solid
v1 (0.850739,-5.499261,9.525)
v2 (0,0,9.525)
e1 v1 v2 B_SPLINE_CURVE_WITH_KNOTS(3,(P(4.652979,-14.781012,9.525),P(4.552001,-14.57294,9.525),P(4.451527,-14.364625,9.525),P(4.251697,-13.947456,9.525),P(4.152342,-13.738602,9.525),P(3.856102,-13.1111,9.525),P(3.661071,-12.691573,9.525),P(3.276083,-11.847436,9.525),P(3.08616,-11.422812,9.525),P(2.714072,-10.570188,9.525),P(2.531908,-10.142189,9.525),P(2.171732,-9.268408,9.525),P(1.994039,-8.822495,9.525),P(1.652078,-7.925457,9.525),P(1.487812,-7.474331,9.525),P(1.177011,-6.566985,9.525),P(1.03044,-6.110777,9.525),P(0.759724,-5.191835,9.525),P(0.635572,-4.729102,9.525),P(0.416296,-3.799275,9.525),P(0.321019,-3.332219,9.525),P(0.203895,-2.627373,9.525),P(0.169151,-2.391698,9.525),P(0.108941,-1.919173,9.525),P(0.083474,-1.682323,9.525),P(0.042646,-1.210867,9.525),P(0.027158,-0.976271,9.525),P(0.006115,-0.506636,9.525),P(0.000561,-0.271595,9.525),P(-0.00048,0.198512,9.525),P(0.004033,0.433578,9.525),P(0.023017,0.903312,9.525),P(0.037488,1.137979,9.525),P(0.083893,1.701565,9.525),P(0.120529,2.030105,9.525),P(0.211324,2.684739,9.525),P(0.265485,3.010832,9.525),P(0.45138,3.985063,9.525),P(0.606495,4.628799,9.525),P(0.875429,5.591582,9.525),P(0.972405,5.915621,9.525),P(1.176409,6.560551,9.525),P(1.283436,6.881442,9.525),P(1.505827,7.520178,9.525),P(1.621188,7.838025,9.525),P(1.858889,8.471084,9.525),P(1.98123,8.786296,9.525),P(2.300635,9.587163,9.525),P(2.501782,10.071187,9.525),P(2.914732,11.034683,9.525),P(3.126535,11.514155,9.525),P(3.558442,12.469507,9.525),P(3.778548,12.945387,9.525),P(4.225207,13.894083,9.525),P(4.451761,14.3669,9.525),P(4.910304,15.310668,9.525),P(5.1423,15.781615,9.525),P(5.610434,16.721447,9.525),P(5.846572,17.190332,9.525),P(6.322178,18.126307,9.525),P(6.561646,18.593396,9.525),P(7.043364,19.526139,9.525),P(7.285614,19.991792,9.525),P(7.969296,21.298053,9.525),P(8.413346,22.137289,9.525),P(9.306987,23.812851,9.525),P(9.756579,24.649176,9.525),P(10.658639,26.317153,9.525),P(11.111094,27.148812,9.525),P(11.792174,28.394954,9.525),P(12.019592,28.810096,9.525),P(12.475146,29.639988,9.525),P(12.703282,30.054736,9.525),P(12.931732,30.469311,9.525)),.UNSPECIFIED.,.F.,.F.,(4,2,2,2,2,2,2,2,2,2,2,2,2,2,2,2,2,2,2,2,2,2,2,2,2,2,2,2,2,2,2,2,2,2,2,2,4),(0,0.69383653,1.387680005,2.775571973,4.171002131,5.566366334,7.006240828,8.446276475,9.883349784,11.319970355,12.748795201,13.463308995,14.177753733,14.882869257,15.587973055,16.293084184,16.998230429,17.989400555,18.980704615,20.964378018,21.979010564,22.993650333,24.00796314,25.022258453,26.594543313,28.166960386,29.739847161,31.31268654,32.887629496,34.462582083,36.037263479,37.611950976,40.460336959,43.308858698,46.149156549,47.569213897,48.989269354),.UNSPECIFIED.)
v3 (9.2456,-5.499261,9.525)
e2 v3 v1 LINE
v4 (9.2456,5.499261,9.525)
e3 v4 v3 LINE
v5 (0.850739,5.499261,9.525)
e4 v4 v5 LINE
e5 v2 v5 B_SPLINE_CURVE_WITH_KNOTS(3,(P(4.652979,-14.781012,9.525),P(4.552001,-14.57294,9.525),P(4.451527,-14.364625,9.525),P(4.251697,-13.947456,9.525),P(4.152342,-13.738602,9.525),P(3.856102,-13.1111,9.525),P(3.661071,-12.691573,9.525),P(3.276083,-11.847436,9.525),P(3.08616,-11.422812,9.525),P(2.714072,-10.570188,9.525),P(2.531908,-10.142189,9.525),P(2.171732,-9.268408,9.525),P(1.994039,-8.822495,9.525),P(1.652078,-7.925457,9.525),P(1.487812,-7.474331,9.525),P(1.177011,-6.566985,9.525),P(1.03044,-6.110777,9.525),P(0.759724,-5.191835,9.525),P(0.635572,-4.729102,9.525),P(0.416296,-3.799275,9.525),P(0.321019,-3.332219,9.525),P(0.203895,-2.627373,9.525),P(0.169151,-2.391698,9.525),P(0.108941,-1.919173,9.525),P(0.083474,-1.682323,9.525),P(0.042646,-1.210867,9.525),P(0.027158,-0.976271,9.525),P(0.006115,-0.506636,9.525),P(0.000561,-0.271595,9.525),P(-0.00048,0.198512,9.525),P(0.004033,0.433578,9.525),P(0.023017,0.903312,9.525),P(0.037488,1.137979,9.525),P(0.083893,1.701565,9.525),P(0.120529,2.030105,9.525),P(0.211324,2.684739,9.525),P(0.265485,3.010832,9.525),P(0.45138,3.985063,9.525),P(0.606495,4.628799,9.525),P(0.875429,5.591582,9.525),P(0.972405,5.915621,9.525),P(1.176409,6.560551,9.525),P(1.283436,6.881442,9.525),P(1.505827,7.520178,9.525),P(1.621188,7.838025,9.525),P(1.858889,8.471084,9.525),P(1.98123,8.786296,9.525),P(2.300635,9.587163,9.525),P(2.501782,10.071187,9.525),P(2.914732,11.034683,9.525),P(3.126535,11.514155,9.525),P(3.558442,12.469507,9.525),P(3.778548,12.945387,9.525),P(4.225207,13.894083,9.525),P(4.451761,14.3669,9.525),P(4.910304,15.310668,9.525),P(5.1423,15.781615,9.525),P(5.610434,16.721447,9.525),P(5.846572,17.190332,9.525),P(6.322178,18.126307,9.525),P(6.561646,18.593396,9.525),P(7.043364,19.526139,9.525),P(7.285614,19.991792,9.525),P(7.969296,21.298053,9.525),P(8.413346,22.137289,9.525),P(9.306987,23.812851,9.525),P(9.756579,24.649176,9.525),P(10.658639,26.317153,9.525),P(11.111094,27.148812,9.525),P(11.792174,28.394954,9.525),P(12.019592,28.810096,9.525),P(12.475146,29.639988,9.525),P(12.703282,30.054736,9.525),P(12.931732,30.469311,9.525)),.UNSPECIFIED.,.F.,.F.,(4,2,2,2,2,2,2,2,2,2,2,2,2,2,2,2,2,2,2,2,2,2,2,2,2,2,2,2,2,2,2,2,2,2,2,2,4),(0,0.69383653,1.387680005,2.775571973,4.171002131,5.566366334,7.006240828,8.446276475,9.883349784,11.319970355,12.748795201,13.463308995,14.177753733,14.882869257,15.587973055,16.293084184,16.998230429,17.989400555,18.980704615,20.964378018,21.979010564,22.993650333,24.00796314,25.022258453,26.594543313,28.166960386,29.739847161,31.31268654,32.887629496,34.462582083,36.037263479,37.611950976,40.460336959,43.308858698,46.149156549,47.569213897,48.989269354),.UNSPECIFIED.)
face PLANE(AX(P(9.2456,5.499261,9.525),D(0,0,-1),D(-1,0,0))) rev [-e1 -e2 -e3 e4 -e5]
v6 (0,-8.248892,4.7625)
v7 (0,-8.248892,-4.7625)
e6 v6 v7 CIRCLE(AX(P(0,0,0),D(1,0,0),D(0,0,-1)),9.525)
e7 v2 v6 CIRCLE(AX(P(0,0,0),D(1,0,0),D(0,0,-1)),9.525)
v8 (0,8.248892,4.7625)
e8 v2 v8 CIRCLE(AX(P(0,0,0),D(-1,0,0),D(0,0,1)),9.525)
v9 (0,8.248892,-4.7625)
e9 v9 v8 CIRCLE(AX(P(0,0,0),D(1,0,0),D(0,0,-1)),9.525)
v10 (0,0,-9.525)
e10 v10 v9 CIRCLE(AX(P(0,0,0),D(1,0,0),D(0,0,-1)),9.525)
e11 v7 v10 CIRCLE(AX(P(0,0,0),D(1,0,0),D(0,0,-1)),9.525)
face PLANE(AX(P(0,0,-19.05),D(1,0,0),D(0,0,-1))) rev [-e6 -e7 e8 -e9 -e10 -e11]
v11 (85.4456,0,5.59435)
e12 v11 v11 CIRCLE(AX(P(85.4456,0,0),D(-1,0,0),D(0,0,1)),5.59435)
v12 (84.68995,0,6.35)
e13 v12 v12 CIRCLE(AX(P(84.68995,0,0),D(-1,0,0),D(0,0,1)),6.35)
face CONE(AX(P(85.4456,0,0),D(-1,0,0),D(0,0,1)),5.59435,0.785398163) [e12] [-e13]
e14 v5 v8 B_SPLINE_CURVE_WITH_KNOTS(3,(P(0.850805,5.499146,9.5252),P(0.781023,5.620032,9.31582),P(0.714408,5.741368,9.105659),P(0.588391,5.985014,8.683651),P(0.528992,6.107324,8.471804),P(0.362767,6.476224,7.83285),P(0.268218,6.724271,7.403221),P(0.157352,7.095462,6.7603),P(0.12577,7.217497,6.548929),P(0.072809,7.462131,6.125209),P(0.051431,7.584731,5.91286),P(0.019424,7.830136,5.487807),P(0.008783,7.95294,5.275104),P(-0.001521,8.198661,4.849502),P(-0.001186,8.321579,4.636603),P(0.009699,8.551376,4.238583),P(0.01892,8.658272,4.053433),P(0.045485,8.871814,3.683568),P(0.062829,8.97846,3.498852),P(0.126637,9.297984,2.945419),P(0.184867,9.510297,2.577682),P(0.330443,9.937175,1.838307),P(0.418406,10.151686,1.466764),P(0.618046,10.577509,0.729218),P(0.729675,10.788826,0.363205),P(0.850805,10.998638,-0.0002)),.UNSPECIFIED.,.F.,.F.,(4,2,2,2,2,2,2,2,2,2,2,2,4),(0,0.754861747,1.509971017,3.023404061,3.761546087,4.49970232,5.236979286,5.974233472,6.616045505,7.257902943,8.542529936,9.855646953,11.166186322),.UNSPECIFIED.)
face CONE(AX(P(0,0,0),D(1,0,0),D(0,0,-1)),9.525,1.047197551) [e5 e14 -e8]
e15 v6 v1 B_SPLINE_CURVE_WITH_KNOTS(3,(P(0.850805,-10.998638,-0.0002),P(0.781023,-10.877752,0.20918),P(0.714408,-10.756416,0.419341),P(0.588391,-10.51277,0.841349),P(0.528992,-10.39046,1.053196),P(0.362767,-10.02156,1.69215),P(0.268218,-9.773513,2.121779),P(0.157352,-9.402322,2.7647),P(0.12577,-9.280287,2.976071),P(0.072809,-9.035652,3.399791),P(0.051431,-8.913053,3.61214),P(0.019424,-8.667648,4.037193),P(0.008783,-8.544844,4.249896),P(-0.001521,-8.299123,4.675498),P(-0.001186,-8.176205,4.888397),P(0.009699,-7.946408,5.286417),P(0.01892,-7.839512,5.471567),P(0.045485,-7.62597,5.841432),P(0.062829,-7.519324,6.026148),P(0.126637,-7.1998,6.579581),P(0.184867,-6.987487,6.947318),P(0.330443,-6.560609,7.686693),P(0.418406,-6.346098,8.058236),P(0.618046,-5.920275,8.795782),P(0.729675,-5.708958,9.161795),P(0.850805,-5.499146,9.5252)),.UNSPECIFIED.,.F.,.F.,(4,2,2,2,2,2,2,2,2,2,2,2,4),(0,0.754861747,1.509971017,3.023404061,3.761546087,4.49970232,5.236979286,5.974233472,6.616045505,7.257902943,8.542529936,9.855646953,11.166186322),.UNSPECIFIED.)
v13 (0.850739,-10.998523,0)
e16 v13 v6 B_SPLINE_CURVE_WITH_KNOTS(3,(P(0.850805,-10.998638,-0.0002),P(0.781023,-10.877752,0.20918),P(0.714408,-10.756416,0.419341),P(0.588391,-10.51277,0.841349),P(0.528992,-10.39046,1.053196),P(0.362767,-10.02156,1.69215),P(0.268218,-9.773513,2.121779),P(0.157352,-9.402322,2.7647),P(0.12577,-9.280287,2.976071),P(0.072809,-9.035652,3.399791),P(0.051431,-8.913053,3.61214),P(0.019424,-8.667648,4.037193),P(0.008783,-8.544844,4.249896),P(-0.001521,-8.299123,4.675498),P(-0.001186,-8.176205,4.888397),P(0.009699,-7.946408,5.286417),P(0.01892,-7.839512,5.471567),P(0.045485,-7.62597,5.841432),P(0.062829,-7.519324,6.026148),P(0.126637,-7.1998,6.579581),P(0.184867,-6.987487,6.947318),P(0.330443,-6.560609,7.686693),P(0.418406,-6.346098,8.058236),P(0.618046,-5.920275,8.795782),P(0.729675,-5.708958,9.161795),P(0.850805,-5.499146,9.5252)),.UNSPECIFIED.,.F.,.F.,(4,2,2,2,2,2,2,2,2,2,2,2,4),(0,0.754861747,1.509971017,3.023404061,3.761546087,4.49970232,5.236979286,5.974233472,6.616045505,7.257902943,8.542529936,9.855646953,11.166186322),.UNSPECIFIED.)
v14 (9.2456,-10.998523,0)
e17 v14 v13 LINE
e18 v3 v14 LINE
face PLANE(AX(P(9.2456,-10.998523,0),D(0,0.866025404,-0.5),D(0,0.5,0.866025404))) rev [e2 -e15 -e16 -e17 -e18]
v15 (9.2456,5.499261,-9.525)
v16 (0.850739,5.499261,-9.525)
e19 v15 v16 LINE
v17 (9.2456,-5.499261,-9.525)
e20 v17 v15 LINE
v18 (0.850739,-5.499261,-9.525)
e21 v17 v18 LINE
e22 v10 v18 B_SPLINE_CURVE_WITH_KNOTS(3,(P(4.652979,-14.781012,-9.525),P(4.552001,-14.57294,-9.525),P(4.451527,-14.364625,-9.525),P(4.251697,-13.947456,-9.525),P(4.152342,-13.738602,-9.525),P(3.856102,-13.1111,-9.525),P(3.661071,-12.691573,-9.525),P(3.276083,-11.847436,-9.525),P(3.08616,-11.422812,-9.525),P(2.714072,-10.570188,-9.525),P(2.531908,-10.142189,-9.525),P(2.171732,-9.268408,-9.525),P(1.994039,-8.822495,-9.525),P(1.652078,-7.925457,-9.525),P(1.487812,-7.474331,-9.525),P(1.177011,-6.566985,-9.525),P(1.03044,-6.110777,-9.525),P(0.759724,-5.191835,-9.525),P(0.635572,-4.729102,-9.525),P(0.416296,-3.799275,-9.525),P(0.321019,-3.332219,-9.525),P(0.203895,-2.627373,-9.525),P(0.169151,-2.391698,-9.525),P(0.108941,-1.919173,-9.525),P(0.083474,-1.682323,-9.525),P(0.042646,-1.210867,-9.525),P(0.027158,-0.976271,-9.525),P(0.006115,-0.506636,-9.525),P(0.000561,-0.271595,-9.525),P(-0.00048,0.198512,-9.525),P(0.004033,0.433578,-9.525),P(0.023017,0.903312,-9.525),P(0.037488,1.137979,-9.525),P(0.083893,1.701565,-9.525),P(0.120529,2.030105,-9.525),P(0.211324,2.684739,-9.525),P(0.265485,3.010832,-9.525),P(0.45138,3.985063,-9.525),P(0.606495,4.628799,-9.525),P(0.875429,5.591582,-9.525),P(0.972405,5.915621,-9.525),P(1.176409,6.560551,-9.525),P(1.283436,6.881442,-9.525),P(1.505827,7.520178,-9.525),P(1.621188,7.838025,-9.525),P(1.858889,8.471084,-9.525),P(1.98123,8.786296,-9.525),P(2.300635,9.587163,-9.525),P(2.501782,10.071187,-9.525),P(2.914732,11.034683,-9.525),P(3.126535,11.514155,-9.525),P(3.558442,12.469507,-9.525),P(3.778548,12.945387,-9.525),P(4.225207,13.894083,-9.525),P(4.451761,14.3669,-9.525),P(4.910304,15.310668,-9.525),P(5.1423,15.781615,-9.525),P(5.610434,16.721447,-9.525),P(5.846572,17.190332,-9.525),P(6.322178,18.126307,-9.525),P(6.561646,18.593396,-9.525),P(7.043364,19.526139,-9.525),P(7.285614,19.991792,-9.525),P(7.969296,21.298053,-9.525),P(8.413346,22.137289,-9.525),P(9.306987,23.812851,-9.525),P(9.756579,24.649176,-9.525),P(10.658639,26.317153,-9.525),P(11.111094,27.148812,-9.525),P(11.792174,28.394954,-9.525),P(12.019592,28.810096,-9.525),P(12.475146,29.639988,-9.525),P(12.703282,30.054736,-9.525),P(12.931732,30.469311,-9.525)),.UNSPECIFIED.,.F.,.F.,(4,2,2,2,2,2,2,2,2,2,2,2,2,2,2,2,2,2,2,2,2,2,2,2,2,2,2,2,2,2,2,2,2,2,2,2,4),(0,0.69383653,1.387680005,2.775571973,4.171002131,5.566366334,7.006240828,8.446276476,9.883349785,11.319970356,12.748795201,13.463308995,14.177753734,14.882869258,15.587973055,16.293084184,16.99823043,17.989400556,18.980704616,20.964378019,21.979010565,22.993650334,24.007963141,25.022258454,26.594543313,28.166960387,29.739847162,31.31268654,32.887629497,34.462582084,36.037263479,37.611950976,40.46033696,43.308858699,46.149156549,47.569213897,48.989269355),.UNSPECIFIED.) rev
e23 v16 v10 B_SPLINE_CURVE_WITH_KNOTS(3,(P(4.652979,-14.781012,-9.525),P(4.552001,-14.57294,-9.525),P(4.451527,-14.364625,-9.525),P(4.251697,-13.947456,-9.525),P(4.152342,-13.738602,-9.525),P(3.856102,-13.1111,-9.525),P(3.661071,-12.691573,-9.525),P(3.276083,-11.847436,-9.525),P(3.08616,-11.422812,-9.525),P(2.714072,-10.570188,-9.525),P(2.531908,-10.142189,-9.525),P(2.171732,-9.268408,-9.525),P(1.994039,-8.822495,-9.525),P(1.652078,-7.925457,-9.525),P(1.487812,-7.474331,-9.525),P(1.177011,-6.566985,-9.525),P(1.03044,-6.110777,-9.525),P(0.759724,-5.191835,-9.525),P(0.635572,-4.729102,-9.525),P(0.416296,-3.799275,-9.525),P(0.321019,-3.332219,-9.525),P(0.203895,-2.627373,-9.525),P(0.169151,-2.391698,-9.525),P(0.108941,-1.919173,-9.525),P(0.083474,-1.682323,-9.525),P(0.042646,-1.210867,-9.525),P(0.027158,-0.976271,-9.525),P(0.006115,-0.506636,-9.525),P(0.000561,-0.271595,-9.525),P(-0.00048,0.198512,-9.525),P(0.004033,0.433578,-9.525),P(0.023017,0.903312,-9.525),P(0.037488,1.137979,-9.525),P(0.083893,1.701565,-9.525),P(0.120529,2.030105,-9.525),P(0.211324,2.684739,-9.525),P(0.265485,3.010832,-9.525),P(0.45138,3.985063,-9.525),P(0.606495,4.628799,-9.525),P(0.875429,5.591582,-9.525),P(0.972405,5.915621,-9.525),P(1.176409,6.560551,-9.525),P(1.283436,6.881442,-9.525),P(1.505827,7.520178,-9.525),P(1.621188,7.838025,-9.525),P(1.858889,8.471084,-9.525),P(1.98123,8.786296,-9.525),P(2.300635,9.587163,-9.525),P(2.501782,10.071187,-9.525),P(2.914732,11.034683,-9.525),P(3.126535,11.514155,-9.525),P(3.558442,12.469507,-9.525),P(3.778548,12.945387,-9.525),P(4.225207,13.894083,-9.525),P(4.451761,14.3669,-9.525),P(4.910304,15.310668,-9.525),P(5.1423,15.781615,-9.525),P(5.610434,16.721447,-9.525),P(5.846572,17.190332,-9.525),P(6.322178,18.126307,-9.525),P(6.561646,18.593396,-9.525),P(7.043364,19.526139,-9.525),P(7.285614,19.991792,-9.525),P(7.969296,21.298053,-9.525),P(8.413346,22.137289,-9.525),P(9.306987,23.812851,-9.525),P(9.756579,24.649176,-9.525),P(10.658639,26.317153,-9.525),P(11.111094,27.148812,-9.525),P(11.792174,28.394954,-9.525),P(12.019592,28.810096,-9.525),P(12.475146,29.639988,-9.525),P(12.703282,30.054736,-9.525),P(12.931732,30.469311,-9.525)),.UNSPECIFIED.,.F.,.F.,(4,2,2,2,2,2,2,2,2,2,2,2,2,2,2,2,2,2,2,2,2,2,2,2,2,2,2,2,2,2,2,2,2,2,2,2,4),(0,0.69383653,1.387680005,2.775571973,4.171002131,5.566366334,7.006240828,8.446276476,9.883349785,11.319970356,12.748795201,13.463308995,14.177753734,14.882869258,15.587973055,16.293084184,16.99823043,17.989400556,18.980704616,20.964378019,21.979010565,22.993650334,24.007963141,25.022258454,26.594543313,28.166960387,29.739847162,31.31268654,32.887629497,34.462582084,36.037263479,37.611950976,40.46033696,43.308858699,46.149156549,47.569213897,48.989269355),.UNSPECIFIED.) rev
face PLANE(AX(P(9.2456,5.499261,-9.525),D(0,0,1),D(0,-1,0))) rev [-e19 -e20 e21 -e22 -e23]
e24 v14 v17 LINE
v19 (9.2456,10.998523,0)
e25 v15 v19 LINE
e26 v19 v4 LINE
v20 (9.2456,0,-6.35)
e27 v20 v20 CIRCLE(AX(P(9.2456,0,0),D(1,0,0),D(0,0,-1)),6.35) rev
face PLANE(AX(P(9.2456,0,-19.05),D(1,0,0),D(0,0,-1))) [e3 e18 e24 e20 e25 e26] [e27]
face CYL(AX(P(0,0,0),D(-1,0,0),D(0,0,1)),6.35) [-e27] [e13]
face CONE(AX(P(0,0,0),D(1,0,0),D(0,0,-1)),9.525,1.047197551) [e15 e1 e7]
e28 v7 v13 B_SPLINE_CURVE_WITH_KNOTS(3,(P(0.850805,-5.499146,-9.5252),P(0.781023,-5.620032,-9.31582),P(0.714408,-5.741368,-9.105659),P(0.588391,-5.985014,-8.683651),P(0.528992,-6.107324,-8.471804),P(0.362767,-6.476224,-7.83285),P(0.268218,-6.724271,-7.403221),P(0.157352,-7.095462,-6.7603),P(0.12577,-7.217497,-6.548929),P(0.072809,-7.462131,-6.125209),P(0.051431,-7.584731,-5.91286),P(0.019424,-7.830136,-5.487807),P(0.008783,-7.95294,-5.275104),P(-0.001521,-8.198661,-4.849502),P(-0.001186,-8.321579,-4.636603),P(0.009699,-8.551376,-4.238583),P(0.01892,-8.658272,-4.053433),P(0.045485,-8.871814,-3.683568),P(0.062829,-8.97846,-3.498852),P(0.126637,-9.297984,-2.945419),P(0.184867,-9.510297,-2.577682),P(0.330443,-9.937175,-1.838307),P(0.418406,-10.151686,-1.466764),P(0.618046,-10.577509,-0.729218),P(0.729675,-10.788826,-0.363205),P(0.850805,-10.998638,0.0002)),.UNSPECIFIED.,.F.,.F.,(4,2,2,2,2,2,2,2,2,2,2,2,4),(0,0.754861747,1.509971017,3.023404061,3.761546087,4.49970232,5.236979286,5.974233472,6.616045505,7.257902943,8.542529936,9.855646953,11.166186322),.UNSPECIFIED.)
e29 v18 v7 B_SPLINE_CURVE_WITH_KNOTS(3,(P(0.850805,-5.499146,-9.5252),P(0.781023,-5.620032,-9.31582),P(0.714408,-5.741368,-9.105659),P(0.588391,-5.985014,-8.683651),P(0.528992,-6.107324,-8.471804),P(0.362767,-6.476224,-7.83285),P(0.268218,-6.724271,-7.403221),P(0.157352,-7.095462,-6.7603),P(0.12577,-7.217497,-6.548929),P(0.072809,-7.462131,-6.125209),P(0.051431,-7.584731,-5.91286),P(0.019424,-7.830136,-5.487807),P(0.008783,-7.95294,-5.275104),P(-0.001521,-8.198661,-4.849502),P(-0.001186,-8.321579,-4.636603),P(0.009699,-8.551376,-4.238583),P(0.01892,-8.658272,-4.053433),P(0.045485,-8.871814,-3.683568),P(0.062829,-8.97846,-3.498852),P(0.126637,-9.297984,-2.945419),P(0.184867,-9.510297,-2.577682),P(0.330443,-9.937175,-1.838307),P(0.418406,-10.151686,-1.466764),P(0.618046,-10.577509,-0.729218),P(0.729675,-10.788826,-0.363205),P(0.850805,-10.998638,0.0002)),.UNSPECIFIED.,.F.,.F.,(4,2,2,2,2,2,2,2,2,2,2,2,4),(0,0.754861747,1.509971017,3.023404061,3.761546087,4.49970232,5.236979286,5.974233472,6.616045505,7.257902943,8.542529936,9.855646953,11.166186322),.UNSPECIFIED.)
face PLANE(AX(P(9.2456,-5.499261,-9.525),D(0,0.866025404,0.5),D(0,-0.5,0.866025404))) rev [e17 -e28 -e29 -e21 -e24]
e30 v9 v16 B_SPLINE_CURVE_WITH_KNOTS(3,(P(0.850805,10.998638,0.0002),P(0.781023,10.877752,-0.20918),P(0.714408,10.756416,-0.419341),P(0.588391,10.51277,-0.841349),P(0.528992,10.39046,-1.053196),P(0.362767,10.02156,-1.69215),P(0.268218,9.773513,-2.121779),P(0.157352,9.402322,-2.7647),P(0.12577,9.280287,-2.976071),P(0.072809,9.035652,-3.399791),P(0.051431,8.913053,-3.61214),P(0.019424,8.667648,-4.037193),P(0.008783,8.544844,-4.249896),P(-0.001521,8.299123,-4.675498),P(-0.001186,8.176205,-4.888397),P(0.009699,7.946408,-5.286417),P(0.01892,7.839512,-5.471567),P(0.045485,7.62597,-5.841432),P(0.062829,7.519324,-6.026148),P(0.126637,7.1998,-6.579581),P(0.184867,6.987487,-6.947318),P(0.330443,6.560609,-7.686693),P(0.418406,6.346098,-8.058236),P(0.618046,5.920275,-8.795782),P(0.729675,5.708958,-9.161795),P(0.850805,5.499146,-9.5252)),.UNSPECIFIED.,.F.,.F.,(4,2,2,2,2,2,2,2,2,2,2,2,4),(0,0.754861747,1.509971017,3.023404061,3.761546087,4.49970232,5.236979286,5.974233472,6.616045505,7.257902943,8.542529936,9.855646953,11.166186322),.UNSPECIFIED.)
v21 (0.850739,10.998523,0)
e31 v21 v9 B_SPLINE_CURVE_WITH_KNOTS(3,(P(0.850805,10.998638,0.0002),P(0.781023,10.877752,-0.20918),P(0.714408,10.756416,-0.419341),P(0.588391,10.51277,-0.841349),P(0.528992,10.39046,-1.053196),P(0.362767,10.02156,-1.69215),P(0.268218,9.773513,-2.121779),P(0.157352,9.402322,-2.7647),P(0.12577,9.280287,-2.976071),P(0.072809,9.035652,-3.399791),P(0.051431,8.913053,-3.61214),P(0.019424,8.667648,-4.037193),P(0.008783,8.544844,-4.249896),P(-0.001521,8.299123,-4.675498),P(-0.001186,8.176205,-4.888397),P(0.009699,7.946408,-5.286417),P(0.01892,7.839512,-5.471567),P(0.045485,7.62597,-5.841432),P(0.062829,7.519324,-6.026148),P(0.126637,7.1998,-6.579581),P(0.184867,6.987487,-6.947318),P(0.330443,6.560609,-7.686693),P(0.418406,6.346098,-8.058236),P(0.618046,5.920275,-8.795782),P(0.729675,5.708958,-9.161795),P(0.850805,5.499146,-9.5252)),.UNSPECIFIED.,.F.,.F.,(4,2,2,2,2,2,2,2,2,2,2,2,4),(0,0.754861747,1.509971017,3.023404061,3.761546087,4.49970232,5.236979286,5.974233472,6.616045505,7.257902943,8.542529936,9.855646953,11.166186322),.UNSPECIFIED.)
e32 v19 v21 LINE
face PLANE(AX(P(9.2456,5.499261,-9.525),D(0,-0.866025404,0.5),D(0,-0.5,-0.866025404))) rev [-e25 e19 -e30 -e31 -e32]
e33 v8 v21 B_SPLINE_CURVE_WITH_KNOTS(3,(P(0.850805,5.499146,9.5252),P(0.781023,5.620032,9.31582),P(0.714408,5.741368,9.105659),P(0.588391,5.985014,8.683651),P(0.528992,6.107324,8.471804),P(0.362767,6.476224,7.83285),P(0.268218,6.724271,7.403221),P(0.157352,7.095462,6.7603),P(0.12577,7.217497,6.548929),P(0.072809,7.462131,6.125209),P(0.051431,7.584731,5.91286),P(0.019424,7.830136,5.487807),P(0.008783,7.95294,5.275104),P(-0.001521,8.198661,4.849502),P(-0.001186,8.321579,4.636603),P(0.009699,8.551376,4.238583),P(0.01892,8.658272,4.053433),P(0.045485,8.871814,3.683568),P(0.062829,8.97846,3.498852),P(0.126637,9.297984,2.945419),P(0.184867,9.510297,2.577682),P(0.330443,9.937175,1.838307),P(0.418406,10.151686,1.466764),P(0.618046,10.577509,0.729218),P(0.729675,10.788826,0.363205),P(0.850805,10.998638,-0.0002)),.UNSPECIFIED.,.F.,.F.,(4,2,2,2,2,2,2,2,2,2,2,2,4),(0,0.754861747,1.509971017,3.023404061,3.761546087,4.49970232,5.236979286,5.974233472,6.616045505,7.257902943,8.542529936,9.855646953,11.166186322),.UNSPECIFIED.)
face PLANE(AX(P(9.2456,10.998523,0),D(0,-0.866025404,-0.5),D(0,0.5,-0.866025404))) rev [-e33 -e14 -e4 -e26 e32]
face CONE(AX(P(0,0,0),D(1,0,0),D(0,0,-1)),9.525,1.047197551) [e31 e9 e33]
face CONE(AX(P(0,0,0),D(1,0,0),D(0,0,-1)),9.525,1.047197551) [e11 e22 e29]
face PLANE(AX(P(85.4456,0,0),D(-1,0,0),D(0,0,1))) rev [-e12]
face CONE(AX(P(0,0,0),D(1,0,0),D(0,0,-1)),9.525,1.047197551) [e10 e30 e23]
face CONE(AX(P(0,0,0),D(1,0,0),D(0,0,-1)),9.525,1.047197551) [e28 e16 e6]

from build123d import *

# Parameters (mm, degrees)
BASEHEAD_DEPTH = 9.2456


with BuildPart() as part:
    # Sketch1 → BaseHead (new body)
    with BuildSketch(Plane(origin=(0, 0, 0), x_dir=(0, 0, -1), z_dir=(1, 0, 0))):
        Polygon((9.525, 5.499261314), (9.525, -5.499261314), (0, -10.998522628), (-9.525, -5.499261314), (-9.525, 5.499261314), (0, 10.998522628), align=None)
    extrude(amount=BASEHEAD_DEPTH)

    # BodySke → BaseBody (revolve)
    with BuildSketch(Plane.XY):
        Polygon((0, 0), (85.4456, 0), (85.4456, 5.59435), (84.68995, 6.35), (0, 6.35), align=None)
    revolve(axis=Axis((0, 0, 0), (1, 0, 0)))

    # Sketch3 → HeadChamfer (revolve, cut)
    with BuildSketch(Plane.XY):
        Polygon((0, 9.525), (4.516912895, 17.348522628), (4.516912895, 23.698522628), (-12.7, 23.698522628), (-12.7, 9.525), align=None)
    revolve(axis=Axis((0, 0, 0), (1, 0, 0)), mode=Mode.SUBTRACT)


solid = part.part
